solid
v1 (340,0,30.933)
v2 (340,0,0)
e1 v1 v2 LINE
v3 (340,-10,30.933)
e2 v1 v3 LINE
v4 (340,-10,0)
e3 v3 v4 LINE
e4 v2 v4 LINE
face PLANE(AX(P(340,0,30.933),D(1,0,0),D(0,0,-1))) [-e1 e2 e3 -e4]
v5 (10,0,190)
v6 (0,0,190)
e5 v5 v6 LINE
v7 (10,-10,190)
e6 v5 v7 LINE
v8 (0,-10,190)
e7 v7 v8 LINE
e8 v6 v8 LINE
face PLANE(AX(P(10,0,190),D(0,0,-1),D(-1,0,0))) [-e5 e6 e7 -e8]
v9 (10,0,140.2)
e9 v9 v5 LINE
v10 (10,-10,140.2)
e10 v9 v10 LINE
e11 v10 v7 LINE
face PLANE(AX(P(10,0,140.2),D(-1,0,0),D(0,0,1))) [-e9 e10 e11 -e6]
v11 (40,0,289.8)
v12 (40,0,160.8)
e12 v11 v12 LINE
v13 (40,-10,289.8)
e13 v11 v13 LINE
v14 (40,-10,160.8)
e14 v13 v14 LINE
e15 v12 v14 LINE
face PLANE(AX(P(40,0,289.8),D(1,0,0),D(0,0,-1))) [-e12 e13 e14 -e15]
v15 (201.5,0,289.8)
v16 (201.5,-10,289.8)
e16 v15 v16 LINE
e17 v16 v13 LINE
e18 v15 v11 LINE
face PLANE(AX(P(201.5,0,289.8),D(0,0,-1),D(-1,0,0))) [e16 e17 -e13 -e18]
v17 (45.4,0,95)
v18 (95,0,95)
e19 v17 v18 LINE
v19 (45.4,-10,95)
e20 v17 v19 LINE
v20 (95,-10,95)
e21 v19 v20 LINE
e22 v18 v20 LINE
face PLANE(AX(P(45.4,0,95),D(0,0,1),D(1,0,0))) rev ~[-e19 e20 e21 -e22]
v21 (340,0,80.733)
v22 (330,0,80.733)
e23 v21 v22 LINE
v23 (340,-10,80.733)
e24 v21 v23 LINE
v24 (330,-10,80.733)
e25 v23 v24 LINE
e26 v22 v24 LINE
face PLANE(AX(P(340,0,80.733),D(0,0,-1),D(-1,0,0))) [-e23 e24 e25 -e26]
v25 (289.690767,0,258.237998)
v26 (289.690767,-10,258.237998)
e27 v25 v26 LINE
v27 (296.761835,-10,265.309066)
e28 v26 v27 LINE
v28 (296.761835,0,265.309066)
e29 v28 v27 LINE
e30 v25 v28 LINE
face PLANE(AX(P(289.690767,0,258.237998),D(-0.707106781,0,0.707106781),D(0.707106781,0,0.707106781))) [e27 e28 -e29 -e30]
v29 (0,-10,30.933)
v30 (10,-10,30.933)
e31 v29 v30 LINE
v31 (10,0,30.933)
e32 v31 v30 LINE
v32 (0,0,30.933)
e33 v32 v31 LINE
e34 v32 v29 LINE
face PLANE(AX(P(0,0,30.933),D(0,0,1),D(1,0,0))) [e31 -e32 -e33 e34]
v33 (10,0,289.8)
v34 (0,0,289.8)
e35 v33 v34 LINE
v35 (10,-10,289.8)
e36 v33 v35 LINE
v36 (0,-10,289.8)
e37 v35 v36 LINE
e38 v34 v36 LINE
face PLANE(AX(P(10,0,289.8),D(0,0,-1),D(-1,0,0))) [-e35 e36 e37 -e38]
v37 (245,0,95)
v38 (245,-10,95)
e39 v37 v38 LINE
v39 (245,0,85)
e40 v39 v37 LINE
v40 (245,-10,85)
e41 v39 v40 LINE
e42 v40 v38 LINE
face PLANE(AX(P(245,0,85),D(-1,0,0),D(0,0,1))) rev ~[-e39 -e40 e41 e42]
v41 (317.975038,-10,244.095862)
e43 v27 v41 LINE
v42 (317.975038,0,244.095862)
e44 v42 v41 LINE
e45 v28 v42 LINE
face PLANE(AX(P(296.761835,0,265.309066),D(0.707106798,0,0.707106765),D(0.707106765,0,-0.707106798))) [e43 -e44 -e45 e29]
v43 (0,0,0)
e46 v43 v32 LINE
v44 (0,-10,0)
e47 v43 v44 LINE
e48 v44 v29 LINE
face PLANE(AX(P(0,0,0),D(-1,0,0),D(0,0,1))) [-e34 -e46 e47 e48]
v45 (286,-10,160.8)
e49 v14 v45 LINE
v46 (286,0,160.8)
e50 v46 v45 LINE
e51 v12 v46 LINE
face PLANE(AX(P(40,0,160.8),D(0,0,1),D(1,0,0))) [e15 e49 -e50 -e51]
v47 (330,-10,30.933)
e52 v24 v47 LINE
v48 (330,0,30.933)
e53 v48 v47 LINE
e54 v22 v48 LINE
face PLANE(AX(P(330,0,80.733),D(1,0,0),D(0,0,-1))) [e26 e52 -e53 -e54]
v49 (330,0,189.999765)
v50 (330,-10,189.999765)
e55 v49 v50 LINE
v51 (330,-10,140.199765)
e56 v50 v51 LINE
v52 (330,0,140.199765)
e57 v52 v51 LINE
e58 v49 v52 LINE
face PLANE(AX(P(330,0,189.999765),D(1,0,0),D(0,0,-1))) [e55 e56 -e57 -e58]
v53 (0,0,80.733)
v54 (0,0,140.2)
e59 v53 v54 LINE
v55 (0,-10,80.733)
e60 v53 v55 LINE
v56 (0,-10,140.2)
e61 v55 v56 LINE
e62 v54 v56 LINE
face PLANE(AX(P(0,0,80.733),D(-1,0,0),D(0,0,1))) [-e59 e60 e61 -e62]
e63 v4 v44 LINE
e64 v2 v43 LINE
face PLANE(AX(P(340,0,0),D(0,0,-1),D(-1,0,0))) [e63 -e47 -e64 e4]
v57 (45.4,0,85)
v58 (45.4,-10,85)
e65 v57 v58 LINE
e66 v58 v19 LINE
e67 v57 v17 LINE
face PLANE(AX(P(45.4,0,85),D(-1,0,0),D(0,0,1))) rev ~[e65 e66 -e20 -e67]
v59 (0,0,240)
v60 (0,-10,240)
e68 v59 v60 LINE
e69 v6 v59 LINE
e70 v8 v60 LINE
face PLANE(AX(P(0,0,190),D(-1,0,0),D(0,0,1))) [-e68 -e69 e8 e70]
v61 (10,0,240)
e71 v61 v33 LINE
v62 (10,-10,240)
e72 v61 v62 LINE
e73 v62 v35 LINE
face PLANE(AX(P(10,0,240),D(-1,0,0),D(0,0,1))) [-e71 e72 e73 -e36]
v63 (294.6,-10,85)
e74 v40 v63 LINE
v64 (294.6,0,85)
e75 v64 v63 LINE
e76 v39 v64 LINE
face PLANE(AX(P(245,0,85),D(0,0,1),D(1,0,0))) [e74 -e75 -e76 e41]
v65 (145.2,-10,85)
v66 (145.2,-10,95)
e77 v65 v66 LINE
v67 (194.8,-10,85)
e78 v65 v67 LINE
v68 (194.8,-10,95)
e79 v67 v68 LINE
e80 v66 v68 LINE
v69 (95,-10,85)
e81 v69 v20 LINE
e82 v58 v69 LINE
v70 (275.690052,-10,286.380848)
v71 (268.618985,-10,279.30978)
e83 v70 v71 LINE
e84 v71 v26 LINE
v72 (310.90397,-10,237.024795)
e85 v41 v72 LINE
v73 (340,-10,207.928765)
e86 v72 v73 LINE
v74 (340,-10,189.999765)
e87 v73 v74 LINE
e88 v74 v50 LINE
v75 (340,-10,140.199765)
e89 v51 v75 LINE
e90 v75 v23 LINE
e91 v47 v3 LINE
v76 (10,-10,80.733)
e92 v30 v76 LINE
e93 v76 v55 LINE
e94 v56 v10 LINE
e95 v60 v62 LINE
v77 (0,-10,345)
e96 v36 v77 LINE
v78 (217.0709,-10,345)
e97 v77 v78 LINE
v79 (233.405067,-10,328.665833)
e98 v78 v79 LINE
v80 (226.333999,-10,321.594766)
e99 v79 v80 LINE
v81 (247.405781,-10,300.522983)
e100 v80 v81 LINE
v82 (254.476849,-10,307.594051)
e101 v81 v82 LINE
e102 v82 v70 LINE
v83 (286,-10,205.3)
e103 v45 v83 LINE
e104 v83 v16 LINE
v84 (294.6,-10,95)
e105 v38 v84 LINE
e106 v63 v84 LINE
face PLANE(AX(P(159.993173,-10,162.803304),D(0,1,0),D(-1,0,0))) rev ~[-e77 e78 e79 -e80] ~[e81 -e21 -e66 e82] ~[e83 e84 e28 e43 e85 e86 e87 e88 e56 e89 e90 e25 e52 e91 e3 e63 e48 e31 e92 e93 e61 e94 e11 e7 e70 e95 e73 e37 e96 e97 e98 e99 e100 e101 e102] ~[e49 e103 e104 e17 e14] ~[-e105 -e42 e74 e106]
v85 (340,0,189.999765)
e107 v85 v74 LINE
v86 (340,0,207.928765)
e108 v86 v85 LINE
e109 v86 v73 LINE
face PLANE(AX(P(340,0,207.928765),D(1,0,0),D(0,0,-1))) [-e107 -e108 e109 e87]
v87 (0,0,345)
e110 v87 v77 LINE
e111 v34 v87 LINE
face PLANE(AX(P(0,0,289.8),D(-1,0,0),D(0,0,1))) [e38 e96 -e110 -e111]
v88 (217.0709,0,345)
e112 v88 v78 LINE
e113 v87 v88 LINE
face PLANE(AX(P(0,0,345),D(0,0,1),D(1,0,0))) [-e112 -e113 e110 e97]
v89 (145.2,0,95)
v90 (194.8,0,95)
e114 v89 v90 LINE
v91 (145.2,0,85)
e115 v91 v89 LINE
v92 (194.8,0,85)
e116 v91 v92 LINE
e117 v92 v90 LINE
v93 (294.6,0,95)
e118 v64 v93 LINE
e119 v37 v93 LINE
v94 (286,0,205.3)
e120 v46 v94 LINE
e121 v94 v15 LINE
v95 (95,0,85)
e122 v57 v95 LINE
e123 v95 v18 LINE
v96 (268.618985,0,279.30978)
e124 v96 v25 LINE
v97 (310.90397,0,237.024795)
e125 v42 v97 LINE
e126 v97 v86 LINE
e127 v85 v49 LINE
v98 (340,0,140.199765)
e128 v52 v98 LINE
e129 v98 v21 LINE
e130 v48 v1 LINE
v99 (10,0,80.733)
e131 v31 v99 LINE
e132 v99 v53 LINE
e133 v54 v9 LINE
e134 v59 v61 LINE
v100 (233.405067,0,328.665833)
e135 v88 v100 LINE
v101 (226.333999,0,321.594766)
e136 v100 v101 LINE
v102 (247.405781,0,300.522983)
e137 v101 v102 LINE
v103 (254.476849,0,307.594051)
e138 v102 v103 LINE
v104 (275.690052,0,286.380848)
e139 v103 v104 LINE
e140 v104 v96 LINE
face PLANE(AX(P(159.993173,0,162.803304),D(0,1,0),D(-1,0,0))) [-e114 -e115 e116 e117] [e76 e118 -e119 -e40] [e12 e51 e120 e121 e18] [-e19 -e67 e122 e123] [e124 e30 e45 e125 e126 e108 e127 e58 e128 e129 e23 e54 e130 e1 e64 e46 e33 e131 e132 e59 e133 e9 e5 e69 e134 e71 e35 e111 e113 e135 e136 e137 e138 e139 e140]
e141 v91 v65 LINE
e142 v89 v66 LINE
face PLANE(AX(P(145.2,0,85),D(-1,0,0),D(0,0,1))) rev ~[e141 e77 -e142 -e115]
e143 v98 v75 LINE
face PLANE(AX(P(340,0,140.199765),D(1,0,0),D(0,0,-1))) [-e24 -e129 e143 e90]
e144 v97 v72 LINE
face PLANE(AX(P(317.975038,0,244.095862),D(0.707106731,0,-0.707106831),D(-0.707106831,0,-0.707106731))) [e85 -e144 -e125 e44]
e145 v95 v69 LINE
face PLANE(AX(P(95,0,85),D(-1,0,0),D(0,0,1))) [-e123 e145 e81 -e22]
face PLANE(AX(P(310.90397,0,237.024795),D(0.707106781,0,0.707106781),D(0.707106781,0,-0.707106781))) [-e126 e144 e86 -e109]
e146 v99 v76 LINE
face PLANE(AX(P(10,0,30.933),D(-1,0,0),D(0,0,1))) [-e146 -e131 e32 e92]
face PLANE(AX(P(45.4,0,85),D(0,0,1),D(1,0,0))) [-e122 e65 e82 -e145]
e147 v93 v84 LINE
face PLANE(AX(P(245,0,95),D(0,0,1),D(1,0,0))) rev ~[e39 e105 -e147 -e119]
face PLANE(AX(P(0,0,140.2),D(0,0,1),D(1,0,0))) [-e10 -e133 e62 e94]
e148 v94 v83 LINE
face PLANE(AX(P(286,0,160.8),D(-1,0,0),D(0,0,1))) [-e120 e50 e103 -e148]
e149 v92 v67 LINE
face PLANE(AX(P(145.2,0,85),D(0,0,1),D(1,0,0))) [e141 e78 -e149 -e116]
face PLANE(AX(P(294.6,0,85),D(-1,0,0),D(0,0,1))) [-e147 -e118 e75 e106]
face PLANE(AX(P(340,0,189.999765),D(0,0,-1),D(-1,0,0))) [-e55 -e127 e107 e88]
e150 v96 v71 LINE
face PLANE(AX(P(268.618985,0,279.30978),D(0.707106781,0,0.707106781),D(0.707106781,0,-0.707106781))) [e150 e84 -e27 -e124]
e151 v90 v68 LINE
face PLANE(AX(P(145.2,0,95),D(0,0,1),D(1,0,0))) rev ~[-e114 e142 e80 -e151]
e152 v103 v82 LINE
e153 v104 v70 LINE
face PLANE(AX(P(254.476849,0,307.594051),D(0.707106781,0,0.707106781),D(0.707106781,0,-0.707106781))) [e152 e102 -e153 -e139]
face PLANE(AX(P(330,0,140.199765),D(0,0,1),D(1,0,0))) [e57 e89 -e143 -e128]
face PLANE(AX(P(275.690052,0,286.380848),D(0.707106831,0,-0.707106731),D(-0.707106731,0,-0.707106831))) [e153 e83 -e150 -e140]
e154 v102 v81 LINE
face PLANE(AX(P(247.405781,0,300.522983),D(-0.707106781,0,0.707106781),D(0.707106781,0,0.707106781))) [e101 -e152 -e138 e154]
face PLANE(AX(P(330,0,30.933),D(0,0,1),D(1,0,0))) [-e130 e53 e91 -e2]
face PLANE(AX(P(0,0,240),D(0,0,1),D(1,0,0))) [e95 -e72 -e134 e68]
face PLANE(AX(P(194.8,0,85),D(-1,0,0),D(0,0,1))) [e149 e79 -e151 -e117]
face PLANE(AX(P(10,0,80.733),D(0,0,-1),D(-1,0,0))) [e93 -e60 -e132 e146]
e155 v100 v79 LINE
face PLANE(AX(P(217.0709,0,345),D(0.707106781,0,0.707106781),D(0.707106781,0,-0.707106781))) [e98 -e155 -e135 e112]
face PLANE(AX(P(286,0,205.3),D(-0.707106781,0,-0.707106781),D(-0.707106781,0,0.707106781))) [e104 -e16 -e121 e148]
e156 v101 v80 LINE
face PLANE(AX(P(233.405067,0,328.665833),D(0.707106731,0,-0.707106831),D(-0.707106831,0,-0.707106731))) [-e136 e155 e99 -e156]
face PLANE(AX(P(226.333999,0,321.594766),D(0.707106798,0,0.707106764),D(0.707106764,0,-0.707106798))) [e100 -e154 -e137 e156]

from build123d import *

# Parameters (mm, degrees)
SKETCH_W  = 49.6
SKETCH_H  = 10
PAD_DEPTH = 10


with BuildPart() as part:
    # Sketch → Pad (new body)
    with BuildSketch(Plane.XZ):
        Polygon((0, 0), (0, 30.933), (10, 30.933), (10, 80.733), (0, 80.733), (0, 140.2), (10, 140.2), (10, 190), (0, 190), (0, 240), (10, 240), (10, 289.8), (0, 289.8), (0, 345), (217.0709, 345), (233.405067, 328.665833), (226.333999, 321.594766), (247.405781, 300.522983), (254.476849, 307.594051), (275.690052, 286.380848), (268.618985, 279.30978), (289.690767, 258.237998), (296.761835, 265.309066), (317.975038, 244.095862), (310.90397, 237.024795), (340, 207.928765), (340, 189.999765), (330, 189.999765), (330, 140.199765), (340, 140.199765), (340, 80.733), (330, 80.733), (330, 30.933), (340, 30.933), (340, 0), align=None)
        with Locations((70.2, 90)):
            Rectangle(SKETCH_W, SKETCH_H, mode=Mode.SUBTRACT)
        with Locations((170, 90)):
            Rectangle(SKETCH_W, SKETCH_H, mode=Mode.SUBTRACT)
        with Locations((269.8, 90)):
            Rectangle(SKETCH_W, SKETCH_H, mode=Mode.SUBTRACT)
        Polygon((40, 289.8), (40, 160.8), (286, 160.8), (286, 205.3), (201.5, 289.8), align=None, mode=Mode.SUBTRACT)
    extrude(amount=PAD_DEPTH)


solid = part.part
